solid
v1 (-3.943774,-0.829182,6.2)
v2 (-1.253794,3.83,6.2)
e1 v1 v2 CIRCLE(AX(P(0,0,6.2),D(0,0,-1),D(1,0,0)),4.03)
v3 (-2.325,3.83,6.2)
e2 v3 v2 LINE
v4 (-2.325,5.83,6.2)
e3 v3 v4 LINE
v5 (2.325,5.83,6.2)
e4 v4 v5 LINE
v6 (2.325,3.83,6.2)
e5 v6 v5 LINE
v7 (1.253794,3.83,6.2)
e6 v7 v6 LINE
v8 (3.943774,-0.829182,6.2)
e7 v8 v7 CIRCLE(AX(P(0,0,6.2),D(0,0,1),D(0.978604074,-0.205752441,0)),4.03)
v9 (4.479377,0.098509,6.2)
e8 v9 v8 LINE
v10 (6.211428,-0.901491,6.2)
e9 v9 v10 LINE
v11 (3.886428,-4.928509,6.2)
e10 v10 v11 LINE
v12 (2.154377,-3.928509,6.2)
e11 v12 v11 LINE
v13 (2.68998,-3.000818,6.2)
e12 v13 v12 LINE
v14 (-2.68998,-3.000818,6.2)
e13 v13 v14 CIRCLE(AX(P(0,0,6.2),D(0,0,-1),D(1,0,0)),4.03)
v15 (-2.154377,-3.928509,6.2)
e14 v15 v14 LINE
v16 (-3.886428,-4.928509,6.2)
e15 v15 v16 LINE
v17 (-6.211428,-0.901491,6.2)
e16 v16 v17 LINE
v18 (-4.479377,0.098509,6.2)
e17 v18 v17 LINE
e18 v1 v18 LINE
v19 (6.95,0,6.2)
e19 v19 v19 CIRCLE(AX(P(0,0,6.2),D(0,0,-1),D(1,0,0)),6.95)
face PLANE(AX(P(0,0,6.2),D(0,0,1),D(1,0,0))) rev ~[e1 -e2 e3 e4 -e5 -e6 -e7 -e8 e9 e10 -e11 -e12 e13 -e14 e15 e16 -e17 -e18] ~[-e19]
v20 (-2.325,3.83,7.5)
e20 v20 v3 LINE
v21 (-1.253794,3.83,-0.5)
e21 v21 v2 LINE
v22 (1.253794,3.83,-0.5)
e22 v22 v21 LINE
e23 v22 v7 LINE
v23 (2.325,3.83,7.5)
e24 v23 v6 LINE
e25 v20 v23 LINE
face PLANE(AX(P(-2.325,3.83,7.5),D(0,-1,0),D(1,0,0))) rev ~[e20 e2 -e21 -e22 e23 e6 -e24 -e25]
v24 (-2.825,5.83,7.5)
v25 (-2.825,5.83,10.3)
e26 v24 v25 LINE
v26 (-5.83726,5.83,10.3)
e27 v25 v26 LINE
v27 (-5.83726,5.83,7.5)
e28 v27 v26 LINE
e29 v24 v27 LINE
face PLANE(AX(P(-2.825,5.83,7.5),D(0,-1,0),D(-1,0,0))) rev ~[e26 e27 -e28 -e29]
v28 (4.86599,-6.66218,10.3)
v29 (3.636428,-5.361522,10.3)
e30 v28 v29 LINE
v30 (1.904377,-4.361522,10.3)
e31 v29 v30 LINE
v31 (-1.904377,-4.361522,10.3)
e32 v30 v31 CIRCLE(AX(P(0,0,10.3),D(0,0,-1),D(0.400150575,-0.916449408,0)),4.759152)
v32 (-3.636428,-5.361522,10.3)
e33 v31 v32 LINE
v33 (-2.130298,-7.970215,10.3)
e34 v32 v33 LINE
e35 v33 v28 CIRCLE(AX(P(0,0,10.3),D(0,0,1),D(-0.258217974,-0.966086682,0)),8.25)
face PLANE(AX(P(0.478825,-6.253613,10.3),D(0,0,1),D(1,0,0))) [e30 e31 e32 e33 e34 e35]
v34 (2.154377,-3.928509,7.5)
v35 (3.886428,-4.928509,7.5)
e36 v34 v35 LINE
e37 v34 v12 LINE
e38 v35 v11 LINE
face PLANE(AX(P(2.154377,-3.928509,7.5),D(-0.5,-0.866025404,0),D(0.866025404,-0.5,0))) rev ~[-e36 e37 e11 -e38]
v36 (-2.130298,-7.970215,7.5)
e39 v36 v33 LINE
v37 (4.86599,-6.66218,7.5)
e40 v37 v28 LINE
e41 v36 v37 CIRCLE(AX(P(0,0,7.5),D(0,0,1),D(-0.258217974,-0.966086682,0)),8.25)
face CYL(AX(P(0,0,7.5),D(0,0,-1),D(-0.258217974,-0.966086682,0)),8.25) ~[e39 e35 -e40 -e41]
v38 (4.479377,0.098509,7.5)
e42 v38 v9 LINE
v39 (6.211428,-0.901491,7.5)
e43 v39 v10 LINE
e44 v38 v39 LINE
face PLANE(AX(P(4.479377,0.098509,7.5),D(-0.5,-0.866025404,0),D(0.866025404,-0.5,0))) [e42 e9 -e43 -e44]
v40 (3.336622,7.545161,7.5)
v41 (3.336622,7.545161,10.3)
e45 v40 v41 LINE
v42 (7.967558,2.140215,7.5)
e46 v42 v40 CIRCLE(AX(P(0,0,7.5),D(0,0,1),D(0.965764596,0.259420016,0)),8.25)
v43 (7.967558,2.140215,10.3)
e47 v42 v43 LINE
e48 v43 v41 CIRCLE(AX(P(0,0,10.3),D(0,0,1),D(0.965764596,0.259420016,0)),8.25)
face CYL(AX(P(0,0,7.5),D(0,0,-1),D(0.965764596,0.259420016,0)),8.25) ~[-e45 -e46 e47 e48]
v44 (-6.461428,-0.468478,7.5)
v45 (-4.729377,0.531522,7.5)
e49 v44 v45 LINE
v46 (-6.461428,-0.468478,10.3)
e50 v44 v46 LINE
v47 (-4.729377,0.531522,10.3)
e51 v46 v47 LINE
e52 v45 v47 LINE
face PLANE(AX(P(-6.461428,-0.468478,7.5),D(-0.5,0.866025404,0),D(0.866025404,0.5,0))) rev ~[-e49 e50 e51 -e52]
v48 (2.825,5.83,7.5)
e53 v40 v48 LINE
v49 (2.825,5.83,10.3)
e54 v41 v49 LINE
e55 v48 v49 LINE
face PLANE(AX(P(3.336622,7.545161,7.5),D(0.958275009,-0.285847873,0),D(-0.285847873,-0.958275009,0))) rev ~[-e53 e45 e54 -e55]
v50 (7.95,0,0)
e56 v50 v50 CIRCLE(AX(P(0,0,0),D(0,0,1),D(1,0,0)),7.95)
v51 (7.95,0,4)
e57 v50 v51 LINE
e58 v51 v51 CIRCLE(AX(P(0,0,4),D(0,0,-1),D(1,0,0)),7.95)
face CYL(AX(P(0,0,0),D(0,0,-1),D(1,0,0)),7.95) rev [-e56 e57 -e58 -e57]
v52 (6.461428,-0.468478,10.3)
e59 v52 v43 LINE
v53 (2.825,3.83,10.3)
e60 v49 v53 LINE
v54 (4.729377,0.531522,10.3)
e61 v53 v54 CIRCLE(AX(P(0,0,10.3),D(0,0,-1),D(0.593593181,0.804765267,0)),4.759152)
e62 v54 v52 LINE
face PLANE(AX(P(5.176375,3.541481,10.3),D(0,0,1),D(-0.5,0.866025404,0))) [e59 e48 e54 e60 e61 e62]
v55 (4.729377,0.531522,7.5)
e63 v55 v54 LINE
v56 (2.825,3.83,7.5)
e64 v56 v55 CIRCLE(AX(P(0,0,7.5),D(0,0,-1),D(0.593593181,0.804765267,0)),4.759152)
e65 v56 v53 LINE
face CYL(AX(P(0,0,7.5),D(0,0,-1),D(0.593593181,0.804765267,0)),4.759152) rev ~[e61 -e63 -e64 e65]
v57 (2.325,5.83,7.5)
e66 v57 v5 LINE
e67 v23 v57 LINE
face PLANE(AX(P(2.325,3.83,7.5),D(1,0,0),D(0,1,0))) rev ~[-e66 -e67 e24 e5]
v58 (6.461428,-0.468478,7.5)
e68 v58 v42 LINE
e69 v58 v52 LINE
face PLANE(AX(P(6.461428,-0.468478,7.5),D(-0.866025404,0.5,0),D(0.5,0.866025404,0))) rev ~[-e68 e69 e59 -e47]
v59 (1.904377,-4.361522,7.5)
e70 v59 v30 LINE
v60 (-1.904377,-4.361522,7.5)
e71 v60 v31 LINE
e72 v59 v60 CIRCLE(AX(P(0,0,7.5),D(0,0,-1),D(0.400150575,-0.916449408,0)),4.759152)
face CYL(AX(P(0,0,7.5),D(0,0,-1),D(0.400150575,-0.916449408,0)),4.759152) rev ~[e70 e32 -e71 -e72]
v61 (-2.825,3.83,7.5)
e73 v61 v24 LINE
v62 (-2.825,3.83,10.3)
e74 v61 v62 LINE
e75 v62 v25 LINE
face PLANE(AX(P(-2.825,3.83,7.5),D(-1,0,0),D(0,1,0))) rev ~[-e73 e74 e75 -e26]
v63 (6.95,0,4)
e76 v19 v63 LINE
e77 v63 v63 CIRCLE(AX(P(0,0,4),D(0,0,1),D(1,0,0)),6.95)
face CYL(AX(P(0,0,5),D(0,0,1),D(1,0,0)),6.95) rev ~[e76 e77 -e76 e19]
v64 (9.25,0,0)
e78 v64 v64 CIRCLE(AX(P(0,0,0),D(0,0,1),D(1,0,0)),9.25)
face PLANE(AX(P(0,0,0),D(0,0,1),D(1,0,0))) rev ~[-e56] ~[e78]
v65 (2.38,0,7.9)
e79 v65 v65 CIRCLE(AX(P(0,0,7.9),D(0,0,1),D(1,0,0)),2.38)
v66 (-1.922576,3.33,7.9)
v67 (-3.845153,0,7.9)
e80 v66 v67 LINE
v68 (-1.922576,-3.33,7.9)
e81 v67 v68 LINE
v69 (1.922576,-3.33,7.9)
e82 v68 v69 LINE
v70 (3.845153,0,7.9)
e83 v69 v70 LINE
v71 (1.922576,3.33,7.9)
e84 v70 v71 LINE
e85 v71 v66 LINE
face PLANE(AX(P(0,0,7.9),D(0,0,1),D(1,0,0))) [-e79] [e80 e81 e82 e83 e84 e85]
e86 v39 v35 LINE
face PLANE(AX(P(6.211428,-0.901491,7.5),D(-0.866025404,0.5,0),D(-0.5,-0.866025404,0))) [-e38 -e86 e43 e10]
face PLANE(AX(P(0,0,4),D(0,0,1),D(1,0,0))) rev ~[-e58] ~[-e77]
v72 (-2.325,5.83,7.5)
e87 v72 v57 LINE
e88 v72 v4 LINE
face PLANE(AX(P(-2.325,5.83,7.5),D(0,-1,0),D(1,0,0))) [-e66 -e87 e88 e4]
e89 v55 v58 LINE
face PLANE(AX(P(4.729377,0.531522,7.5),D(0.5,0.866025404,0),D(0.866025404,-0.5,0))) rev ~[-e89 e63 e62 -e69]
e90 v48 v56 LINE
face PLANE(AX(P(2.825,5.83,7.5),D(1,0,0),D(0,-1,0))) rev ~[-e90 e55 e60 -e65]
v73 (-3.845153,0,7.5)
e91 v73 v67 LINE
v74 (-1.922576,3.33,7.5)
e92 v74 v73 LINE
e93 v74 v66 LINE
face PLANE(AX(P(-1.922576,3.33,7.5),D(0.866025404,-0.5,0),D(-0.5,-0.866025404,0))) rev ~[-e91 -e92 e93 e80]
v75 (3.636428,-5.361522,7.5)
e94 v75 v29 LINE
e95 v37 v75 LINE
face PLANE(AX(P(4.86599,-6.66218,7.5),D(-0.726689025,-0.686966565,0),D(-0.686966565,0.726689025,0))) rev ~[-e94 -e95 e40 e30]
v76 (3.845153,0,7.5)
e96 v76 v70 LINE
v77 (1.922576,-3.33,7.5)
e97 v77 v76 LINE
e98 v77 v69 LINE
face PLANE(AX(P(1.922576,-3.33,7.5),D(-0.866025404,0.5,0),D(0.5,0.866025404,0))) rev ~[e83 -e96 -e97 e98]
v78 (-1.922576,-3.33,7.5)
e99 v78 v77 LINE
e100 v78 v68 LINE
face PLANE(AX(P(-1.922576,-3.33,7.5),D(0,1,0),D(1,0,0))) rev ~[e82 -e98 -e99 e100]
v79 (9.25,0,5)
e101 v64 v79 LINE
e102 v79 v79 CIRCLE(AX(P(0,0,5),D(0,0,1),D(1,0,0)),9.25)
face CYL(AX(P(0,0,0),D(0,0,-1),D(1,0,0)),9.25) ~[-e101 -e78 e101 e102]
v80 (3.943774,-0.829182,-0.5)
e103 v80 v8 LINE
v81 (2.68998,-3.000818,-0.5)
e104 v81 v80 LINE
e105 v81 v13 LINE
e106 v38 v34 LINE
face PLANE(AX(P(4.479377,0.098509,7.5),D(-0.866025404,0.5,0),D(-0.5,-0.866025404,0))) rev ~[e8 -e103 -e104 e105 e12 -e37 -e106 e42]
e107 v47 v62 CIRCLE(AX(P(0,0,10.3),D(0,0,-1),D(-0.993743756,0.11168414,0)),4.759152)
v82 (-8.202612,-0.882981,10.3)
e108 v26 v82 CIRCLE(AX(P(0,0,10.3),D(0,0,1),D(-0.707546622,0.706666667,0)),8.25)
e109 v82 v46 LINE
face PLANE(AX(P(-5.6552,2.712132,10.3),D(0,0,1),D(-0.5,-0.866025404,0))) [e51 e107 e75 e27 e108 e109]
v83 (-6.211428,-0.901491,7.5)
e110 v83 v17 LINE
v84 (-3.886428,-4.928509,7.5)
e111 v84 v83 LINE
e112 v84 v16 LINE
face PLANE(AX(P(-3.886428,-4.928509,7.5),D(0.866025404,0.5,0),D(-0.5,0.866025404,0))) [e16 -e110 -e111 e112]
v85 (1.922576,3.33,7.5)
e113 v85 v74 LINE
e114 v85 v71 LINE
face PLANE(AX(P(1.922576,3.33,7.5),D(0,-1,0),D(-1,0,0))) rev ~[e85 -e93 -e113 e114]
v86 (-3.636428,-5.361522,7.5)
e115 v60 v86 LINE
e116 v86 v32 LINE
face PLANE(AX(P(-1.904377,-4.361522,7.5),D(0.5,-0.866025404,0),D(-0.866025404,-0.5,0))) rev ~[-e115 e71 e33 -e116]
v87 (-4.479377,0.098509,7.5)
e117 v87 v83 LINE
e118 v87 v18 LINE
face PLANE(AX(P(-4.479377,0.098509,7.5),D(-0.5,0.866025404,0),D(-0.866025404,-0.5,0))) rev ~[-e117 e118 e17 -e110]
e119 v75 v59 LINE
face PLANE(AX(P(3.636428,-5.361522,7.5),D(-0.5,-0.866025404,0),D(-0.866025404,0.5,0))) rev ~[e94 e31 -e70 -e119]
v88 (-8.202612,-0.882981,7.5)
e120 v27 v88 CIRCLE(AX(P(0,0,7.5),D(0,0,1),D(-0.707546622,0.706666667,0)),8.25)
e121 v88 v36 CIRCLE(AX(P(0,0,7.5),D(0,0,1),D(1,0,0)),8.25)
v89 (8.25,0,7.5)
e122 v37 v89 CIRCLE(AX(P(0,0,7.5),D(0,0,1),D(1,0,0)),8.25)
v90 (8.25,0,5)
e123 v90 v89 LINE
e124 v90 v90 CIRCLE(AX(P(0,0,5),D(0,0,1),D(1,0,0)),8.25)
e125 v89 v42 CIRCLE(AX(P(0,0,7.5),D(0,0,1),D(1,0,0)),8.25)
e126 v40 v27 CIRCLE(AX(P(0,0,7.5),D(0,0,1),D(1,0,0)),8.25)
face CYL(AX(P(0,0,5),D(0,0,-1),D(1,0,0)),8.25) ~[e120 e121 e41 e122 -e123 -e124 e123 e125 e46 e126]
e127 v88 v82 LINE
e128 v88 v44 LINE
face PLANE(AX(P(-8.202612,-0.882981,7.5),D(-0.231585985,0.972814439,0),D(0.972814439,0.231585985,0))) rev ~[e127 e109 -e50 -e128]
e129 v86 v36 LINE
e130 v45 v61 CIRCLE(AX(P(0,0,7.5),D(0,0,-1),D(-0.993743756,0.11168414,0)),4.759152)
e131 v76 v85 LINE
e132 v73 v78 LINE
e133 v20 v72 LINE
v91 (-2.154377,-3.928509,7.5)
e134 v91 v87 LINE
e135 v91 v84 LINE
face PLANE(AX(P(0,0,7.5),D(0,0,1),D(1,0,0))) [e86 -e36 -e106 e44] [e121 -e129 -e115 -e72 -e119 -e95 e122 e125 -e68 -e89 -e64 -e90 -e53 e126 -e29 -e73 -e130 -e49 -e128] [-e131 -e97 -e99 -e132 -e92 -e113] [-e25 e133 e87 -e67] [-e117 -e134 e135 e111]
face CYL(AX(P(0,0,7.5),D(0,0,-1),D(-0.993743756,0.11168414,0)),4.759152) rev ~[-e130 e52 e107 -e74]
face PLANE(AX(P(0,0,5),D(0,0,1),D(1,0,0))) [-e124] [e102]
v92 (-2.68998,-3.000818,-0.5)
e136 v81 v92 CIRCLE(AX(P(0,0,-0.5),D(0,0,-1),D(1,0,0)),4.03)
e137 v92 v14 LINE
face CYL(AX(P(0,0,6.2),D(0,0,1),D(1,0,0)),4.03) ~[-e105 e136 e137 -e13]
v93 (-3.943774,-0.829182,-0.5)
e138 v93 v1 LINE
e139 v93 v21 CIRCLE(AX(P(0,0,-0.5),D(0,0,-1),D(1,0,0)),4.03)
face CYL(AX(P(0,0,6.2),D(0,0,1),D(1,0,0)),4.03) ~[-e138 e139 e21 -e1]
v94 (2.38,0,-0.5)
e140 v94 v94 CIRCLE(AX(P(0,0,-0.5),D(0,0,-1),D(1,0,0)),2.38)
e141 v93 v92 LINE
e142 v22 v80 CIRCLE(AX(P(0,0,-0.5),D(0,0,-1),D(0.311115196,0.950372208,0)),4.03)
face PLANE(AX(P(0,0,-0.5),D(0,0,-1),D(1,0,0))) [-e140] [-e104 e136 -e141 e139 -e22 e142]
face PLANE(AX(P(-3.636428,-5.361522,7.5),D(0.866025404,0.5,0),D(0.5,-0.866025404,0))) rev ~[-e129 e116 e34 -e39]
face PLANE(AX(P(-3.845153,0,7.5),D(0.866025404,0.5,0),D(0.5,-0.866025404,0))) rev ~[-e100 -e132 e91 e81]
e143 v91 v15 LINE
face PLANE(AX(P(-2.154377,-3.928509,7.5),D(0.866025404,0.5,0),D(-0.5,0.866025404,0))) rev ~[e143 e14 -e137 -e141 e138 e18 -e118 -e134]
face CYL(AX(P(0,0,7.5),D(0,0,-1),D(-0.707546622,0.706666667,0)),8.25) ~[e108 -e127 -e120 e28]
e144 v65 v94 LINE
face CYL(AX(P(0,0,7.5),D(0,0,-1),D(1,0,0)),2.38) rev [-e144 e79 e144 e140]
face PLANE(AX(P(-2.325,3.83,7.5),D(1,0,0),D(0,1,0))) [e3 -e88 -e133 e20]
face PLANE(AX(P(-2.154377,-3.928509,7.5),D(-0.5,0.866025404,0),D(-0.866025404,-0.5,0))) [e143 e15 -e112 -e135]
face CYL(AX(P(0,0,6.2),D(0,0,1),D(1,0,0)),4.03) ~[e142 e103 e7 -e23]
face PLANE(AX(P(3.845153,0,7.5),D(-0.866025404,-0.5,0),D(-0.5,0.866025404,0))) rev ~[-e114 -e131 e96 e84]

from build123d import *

# Parameters (mm, degrees)
SKETCH1_R                = 9.25
SKETCH1_R_2              = 7.95
BOSS_EXTRUDE1_DEPTH      = 5
BOSS_EXTRUDE2_START      = 5
SKETCH3_R                = 8.25
SKETCH3_R_2              = 6.95
BOSS_EXTRUDE2_DEPTH      = 2.5
BOSS_EXTRUDE2_DEPTH_BACK = 1
SKETCH4_R                = 8.25
BOSS_EXTRUDE3_DEPTH      = 1.3
SKETCH5_R                = 4.03
SKETCH5_R_2              = 2.38
BOSS_EXTRUDE4_DEPTH      = 6.7
SKETCH5_2_R              = 2.38
CUT_EXTRUDE1_DEPTH       = 15.697448758
SKETCH6_W                = 4.65
SKETCH6_H                = 2
CUT_EXTRUDE2_DEPTH       = 16.333786225
CIRPATTERN1_COUNT        = 3
SKETCH7_R                = 2.38
BOSS_EXTRUDE5_DEPTH      = 0.4
BOSS_EXTRUDE6_DEPTH      = 2.8
CIRPATTERN2_COUNT        = 3


with BuildPart() as part:
    # Sketch1 → Boss-Extrude1 (new body)
    with BuildSketch(Plane.XY):
        Circle(SKETCH1_R)
        Circle(SKETCH1_R_2, mode=Mode.SUBTRACT)
    extrude(amount=BOSS_EXTRUDE1_DEPTH)

    # Sketch3 → Boss-Extrude2 (add, two sides)
    with BuildSketch(Plane.XY.offset(BOSS_EXTRUDE2_START)) as boss_extrude2_sk:
        Circle(SKETCH3_R)
        Circle(SKETCH3_R_2, mode=Mode.SUBTRACT)
    extrude(amount=BOSS_EXTRUDE2_DEPTH)
    extrude(boss_extrude2_sk.sketch, amount=-BOSS_EXTRUDE2_DEPTH_BACK)

    # Sketch4 → Boss-Extrude3 (add)
    with BuildSketch(Plane.XY.offset(7.5)):
        Circle(SKETCH4_R)
    extrude(amount=-BOSS_EXTRUDE3_DEPTH)

    # Sketch5 → Boss-Extrude4 (add)
    with BuildSketch(Plane(origin=(0, 0, 6.2), x_dir=(-1, 0, 0), z_dir=(0, 0, -1))):
        with Locations(Location((0, 0, 0), (0, 0, 180))):
            Circle(SKETCH5_R)
        with Locations(Location((0, 0, 0), (0, 0, 180))):
            Circle(SKETCH5_R_2, mode=Mode.SUBTRACT)
    extrude(amount=BOSS_EXTRUDE4_DEPTH)

    # Sketch5<2> → Cut-Extrude1 (cut, through all)
    with BuildSketch(Plane(origin=(0, 0, 6.2), x_dir=(-1, 0, 0), z_dir=(0, 0, -1))):
        with Locations(Location((0, 0, 0), (0, 0, 180))):
            Circle(SKETCH5_2_R)
    extrude(amount=-CUT_EXTRUDE1_DEPTH, mode=Mode.SUBTRACT)

    # Sketch6 → Cut-Extrude2 (cut, through all)
    with BuildSketch(Plane.XY.offset(7.5)):
        with Locations((0, 4.83)):
            Rectangle(SKETCH6_W, SKETCH6_H)
    cut_extrude2 = extrude(amount=-CUT_EXTRUDE2_DEPTH, mode=Mode.SUBTRACT)

    # CirPattern1: Cut-Extrude2 ×3 about axis
    cirpattern1_axis = Axis((0, 0, 0), (0, 0, 1))
    for i in range(1, CIRPATTERN1_COUNT):
        add(cut_extrude2.rotate(cirpattern1_axis, i * 360 / CIRPATTERN1_COUNT), mode=Mode.SUBTRACT)

    # Sketch7 → Boss-Extrude5 (add)
    with BuildSketch(Plane.XY.offset(7.5)):
        Polygon((-1.922576396, -3.33), (1.922576396, -3.33), (3.845152793, 0), (1.922576396, 3.33), (-1.922576396, 3.33), (-3.845152793, 0), align=None)
        Circle(SKETCH7_R, mode=Mode.SUBTRACT)
    extrude(amount=BOSS_EXTRUDE5_DEPTH)

    # Sketch8 → Boss-Extrude6 (add)
    with BuildSketch(Plane.XY.offset(7.5)):
        with BuildLine():
            Line((3.636428104, -5.361521766), (1.904377296, -4.361521766))
            ThreePointArc((1.904377296, -4.361521766), (0, -4.75915171), (-1.904377296, -4.361521766))
            Line((-1.904377296, -4.361521766), (-3.636428104, -5.361521766))
            Line((-3.636428104, -5.361521766), (-2.130298289, -7.970215129))
            ThreePointArc((-2.130298289, -7.970215129), (1.516159822, -8.109485766), (4.865989618, -6.662180201))
            Line((4.865989618, -6.662180201), (3.636428104, -5.361521766))
        make_face()
    boss_extrude6 = extrude(amount=BOSS_EXTRUDE6_DEPTH)

    # CirPattern2: Boss-Extrude6 ×3 about axis
    cirpattern2_axis = Axis((0, 0, 0), (0, 0, 1))
    for i in range(1, CIRPATTERN2_COUNT):
        add(boss_extrude6.rotate(cirpattern2_axis, i * 360 / CIRPATTERN2_COUNT))


solid = part.part
